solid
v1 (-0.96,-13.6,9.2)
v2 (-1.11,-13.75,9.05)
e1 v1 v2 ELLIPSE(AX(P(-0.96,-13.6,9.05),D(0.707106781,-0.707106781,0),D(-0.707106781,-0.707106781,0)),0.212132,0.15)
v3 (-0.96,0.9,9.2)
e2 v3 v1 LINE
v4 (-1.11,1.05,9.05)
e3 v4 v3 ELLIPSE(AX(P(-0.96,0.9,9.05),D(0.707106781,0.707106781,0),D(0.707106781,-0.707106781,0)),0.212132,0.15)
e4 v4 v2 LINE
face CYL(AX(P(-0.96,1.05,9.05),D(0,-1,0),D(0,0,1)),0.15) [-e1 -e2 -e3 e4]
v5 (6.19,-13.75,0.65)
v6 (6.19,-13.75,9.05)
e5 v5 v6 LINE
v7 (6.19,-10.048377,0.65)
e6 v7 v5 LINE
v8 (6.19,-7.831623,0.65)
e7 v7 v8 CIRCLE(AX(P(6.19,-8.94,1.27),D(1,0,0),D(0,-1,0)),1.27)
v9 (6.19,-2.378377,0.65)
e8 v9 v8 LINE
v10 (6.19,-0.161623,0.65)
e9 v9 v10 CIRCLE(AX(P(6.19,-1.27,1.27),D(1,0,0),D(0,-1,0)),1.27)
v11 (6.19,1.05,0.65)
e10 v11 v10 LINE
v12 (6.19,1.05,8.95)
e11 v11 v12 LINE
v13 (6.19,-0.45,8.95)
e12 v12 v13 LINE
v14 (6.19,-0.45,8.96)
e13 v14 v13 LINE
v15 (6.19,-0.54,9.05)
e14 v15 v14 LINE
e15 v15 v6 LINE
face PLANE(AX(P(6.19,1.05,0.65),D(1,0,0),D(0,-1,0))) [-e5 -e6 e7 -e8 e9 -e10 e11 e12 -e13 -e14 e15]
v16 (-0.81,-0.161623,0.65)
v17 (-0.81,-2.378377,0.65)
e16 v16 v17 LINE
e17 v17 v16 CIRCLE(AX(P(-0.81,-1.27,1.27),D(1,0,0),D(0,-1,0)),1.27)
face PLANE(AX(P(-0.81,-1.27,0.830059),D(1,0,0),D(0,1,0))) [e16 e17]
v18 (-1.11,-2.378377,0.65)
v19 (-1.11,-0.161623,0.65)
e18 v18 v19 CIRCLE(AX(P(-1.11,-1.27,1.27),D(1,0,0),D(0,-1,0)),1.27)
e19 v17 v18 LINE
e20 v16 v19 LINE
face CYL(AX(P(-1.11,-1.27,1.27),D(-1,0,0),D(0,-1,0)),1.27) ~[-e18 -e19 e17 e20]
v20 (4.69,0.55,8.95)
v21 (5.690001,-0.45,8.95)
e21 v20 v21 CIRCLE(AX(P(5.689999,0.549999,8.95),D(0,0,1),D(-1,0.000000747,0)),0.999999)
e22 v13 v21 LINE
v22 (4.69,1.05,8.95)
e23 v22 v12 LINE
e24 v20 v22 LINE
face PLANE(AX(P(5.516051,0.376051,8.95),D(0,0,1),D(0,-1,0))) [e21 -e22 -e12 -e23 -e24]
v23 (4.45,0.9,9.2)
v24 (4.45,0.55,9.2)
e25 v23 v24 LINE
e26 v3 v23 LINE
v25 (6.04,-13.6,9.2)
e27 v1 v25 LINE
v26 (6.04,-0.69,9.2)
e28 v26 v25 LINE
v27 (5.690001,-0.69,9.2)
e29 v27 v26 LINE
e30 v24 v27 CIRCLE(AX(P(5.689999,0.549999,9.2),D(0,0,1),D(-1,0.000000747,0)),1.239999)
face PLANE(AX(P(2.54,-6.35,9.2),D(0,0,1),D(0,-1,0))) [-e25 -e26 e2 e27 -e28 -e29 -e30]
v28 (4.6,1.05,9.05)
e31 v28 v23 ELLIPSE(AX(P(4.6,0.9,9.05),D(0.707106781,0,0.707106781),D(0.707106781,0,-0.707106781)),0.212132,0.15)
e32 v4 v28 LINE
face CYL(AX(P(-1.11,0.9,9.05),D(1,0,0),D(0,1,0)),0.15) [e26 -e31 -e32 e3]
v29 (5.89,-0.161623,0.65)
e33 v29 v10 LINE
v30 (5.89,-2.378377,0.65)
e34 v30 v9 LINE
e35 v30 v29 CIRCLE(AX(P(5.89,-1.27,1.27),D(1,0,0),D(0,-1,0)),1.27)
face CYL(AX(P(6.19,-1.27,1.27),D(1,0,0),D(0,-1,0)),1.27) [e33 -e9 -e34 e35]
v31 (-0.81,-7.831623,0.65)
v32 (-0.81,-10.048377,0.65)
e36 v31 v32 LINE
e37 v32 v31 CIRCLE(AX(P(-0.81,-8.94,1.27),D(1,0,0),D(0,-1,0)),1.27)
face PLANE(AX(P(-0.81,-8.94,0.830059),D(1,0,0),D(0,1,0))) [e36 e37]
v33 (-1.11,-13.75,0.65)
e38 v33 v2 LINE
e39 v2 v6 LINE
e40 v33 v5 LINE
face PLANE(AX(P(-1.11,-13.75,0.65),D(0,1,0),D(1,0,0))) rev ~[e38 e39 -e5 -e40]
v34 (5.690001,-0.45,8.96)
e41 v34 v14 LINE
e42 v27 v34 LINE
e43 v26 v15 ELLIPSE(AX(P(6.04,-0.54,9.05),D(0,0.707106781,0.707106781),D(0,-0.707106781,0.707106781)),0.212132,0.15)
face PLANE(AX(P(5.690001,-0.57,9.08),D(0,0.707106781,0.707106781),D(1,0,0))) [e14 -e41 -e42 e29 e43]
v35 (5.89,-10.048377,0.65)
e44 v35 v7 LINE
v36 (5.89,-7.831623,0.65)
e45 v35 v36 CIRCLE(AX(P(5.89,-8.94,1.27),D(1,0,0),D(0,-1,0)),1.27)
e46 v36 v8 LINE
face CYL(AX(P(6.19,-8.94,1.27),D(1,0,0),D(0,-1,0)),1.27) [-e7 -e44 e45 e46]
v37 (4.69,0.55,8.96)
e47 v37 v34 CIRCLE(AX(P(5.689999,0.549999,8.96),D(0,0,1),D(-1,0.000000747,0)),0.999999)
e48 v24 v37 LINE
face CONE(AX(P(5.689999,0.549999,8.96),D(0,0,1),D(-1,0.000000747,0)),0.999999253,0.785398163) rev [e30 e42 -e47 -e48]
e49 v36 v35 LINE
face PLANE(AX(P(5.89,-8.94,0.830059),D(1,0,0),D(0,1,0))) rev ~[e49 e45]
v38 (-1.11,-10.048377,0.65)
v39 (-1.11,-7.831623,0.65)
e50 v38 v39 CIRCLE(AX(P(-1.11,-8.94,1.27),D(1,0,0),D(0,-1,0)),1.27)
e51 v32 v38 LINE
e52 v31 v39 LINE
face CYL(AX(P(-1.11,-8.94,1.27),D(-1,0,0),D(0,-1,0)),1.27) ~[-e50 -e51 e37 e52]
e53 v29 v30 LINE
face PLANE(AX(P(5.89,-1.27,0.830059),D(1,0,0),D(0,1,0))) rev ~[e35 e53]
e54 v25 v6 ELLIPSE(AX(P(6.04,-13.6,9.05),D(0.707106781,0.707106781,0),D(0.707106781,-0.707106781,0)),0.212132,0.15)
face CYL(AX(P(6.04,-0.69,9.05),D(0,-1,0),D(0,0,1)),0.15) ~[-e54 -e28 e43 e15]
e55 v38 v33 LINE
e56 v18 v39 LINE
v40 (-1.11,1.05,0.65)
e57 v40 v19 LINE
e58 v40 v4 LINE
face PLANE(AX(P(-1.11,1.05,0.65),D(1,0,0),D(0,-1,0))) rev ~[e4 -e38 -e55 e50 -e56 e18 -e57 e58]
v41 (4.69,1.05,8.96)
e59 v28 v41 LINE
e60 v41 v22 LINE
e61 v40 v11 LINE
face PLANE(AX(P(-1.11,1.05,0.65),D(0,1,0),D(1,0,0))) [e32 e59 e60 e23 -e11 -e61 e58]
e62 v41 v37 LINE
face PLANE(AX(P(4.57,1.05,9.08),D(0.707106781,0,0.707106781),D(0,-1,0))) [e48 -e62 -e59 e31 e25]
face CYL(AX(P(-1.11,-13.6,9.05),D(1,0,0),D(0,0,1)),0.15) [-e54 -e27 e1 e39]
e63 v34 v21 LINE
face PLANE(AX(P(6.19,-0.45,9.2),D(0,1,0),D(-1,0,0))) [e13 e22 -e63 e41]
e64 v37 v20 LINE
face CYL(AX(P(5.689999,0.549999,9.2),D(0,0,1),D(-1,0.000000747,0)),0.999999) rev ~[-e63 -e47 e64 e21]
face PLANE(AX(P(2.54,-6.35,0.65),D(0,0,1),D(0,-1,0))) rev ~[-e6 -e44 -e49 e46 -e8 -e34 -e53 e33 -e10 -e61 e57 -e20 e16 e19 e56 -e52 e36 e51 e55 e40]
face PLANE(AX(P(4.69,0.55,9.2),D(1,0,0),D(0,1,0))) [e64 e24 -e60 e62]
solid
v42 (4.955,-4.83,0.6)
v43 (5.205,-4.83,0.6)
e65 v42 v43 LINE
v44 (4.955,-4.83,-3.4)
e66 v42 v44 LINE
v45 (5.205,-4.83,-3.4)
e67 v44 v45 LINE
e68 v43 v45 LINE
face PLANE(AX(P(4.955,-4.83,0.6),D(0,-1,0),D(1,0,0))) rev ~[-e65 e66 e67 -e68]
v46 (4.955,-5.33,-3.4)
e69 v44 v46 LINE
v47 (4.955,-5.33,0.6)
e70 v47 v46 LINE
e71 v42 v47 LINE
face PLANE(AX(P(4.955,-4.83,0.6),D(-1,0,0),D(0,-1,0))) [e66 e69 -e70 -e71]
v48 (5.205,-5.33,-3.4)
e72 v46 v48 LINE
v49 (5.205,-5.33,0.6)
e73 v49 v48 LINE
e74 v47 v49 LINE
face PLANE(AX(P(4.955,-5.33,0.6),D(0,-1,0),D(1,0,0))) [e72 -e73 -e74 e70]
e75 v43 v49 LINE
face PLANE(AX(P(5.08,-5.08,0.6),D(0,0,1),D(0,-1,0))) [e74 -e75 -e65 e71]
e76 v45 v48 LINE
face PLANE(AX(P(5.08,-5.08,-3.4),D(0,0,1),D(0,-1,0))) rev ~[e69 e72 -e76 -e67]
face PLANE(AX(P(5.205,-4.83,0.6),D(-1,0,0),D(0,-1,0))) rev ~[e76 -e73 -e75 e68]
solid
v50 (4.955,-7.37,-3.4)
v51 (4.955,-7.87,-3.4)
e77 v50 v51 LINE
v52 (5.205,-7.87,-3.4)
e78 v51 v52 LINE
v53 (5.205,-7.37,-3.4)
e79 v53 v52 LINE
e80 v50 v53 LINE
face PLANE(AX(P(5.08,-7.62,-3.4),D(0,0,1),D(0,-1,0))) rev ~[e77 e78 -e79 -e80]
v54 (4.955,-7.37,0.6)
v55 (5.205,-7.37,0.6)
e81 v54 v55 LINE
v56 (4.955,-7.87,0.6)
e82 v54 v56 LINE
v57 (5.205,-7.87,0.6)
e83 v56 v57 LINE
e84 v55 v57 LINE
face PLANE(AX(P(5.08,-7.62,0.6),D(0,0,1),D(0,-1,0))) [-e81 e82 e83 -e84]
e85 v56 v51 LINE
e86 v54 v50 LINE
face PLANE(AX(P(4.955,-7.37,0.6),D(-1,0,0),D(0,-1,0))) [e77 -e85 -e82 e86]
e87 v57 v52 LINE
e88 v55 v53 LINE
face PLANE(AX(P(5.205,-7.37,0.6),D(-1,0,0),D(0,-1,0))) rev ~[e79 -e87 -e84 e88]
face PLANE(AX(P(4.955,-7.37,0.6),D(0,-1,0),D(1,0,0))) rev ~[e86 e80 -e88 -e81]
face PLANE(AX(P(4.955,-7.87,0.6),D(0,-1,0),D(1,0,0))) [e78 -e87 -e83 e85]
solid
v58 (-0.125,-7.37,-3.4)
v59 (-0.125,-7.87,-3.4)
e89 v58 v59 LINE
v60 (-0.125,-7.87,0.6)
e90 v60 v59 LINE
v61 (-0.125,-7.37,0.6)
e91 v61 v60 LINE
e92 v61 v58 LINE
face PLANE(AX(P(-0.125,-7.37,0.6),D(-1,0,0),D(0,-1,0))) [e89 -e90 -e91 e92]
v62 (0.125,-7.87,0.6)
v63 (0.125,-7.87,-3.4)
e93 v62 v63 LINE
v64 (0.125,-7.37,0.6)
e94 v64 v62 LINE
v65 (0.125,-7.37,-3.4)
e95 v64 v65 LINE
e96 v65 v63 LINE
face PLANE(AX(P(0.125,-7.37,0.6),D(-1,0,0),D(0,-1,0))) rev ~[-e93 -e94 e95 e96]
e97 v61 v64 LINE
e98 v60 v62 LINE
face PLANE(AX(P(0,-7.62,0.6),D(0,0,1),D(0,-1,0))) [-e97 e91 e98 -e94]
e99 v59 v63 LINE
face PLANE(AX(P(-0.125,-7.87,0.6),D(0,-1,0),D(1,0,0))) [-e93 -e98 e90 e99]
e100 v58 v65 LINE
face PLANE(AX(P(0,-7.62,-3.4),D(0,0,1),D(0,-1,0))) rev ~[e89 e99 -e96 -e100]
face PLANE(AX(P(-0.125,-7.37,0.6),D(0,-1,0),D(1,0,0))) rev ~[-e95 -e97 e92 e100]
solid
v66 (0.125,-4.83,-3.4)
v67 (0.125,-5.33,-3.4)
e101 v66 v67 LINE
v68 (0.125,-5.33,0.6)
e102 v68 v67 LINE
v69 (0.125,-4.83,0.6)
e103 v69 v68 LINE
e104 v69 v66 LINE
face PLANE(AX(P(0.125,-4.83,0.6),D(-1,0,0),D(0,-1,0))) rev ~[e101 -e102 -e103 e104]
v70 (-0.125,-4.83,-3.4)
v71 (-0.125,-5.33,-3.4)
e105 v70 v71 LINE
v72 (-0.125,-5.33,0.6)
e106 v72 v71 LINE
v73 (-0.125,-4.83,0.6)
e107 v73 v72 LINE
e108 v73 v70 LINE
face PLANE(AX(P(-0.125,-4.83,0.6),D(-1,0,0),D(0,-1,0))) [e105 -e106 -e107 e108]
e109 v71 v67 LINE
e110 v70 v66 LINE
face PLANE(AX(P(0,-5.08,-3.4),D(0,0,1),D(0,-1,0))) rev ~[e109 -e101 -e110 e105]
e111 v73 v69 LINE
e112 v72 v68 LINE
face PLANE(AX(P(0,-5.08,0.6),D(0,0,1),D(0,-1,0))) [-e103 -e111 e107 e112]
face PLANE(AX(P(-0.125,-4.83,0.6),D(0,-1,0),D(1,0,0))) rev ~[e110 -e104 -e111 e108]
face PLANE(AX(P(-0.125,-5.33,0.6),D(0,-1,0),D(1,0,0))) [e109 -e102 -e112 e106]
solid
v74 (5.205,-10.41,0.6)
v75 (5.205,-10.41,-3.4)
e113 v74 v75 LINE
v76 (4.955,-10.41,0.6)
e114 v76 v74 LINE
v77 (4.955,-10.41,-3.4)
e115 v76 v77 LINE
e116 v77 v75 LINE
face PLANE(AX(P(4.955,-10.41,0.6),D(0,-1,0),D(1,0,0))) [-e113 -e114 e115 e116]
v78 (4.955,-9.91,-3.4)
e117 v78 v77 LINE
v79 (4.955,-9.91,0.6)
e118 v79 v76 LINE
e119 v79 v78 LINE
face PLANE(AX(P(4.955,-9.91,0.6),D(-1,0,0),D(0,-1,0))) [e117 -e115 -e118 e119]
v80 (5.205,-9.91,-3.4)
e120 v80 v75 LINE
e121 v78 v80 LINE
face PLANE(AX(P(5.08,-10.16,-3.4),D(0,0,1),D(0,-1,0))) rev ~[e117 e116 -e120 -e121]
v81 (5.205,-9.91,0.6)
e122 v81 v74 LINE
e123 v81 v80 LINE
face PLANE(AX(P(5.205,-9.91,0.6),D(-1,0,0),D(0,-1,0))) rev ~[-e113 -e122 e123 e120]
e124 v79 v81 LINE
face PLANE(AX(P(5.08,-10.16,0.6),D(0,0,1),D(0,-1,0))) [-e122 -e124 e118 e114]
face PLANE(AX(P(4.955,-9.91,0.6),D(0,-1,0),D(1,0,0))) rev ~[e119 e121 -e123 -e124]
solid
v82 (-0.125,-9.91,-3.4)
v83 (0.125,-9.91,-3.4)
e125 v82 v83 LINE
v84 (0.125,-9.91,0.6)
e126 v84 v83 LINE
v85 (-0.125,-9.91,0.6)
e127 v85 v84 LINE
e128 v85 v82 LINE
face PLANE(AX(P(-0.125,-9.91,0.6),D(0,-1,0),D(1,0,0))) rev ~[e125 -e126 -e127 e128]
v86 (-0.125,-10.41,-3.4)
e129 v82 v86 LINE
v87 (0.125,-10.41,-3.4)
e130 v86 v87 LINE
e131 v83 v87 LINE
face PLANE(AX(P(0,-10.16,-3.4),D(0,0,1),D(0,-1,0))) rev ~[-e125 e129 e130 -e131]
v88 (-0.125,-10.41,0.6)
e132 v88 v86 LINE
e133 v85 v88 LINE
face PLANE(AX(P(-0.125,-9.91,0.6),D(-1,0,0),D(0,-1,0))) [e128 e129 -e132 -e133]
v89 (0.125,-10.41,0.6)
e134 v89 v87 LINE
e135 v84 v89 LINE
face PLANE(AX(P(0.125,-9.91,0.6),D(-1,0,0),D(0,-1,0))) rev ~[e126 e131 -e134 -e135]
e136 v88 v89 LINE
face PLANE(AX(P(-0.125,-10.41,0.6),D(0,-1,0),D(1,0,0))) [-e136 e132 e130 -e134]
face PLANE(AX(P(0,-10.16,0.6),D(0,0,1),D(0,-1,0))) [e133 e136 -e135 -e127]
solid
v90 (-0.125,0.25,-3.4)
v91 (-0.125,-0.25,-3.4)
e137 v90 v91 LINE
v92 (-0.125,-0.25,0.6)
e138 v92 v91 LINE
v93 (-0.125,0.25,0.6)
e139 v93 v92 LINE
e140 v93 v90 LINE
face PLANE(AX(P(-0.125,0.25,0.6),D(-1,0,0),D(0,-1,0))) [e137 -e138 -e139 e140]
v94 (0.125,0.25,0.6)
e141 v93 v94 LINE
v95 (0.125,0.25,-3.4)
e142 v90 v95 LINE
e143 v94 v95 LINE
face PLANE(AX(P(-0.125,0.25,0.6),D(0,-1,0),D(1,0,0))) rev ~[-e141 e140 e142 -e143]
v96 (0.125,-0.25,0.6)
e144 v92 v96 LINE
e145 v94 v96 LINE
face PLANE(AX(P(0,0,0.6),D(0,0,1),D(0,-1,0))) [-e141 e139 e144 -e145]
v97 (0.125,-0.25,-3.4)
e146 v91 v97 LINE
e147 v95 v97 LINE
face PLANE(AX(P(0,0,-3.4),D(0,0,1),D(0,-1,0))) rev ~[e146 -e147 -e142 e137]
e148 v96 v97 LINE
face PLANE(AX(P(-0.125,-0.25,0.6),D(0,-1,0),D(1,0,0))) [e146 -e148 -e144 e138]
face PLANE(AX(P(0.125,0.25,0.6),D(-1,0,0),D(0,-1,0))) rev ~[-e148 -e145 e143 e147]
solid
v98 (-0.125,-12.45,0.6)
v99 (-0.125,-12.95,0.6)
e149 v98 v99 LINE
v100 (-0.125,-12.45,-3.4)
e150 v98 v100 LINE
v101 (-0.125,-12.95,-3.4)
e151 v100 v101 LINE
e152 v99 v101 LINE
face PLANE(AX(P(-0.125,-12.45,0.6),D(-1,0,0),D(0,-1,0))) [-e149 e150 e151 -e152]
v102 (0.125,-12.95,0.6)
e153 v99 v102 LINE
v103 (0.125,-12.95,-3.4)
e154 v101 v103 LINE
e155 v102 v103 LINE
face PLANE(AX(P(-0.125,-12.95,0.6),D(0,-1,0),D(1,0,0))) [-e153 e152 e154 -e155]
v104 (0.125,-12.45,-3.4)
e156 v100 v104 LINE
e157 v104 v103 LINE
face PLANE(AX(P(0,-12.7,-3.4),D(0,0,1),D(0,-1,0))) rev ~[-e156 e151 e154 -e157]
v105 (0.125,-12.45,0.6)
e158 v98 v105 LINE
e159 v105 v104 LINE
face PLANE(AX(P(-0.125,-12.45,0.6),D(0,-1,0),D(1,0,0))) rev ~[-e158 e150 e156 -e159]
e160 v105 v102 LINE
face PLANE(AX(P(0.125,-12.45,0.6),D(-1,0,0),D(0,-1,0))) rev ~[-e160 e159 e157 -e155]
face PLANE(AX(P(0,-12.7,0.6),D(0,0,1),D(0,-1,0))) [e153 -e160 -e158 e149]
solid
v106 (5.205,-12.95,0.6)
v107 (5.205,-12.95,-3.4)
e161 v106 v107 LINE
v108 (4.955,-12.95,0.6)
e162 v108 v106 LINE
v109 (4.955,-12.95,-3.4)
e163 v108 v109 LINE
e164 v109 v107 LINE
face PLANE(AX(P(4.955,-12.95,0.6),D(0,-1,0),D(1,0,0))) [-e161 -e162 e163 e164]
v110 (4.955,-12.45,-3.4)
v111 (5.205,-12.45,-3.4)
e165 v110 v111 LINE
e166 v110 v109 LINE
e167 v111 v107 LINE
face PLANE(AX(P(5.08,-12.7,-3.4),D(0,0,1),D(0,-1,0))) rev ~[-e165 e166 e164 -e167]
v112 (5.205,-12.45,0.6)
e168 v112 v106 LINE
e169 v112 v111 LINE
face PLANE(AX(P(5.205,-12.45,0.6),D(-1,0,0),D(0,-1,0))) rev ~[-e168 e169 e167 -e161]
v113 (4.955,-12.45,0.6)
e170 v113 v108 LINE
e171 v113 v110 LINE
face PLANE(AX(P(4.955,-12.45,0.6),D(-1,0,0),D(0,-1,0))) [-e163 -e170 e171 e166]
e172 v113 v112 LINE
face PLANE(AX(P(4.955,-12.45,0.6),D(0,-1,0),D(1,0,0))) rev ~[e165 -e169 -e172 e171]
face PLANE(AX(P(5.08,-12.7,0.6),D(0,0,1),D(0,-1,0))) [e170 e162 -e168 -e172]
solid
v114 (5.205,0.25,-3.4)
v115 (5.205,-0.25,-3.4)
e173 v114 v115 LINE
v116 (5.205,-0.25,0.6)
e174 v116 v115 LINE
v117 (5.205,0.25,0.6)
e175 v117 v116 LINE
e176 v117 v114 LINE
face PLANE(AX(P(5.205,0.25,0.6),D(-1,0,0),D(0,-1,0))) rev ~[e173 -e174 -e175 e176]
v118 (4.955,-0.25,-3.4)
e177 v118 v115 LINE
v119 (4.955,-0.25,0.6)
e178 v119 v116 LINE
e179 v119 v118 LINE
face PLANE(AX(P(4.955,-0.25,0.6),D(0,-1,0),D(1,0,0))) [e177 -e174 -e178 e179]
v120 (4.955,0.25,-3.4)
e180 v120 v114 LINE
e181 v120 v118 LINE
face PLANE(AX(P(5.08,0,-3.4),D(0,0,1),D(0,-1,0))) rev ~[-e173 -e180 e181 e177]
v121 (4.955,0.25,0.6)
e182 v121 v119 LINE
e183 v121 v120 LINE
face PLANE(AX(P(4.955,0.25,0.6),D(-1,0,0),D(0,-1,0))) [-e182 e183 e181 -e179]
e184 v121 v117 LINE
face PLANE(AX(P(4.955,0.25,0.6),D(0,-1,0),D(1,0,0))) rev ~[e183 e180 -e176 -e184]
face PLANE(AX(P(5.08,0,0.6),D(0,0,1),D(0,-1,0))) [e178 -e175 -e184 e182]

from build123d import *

# Parameters (mm, degrees)
PAD002_DEPTH = 0.3
SKETCH_W     = 14.8
SKETCH_H     = 7.3
PAD_DEPTH    = 8.55
POCKET_DEPTH = 0.25
CHAMFER_SIZE = 0.24
FILLET_R     = 0.15
SKETCH001_W  = 0.5
SKETCH001_H  = 0.25
PAD001_DEPTH = 4
PAD003_DEPTH = 0.3


with BuildPart() as pad002:
    # Sketch003 → Pad002 (new body)
    with BuildSketch(Plane.YZ.offset(6.19)):
        with BuildLine():
            ThreePointArc((-10.21, 1.27), (-8.94, 0), (-7.67, 1.27))
            Line((-10.21, 1.27), (-7.67, 1.27))
        make_face()
        with BuildLine():
            ThreePointArc((-2.54, 1.27), (-1.27, 0), (0, 1.27))
            Line((-2.54, 1.27), (0, 1.27))
        make_face()
    extrude(amount=-PAD002_DEPTH)


with BuildPart() as fillet_body:
    # Sketch → Pad (new body)
    with BuildSketch(Plane(origin=(0, 0, 0.65), x_dir=(0, -1, 0), z_dir=(0, 0, 1))):
        with Locations((6.35, 2.54)):
            Rectangle(SKETCH_W, SKETCH_H)
    extrude(amount=PAD_DEPTH)

    # Sketch002 → Pocket (cut)
    with BuildSketch(Plane(origin=(0, 0, 9.2), x_dir=(0, -1, 0), z_dir=(0, 0, 1))):
        with BuildLine():
            ThreePointArc((-0.55, 4.69), (0.157107, 4.982893), (0.45, 5.690001))
            Line((0.45, 6.19), (0.45, 5.690001))
            Line((-1.05, 6.19), (0.45, 6.19))
            Line((-1.05, 4.69), (-1.05, 6.19))
            Line((-0.55, 4.69), (-1.05, 4.69))
        make_face()
    extrude(amount=-POCKET_DEPTH, mode=Mode.SUBTRACT)

    # Chamfer
    chamfer_edges = [fillet_body.edges().sort_by_distance(p)[0] for p in [
        (4.982893, -0.157107, 9.2),
        (5.94, -0.45, 9.2),
        (4.69, 0.8, 9.2),
    ]]
    chamfer(chamfer_edges, length=CHAMFER_SIZE)

    # Fillet
    fillet_edges = [fillet_body.edges().sort_by_distance(p)[0] for p in [
        (6.19, -7.22, 9.2),
        (1.67, 1.05, 9.2),
        (-1.11, -6.35, 9.2),
        (2.54, -13.75, 9.2),
    ]]
    fillet(fillet_edges, radius=FILLET_R)


with BuildPart() as pad001:
    # Sketch001 → Pad001 (new body)
    with BuildSketch(Plane(origin=(0, 0, 0.6), x_dir=(0, -1, 0), z_dir=(0, 0, 1))):
        Rectangle(SKETCH001_W, SKETCH001_H)
        with Locations((5.08, 0)):
            Rectangle(SKETCH001_W, SKETCH001_H)
        with Locations((0, 5.08)):
            Rectangle(SKETCH001_W, SKETCH001_H)
        with Locations((5.08, 5.08)):
            Rectangle(SKETCH001_W, SKETCH001_H)
        with Locations((7.62, 0)):
            Rectangle(SKETCH001_W, SKETCH001_H)
        with Locations((7.62, 5.08)):
            Rectangle(SKETCH001_W, SKETCH001_H)
        with Locations((10.16, 5.08)):
            Rectangle(SKETCH001_W, SKETCH001_H)
        with Locations((10.16, 0)):
            Rectangle(SKETCH001_W, SKETCH001_H)
        with Locations((12.7, 5.08)):
            Rectangle(SKETCH001_W, SKETCH001_H)
        with Locations((12.7, 0)):
            Rectangle(SKETCH001_W, SKETCH001_H)
    extrude(amount=-PAD001_DEPTH)


with BuildPart() as pad003_mp_cp:
    # Sketch004 → Pad003 (new body)
    with BuildSketch(Plane.YZ.offset(-1.11)):
        with BuildLine():
            ThreePointArc((-10.21, 1.27), (-8.94, 0), (-7.67, 1.27))
            Line((-10.21, 1.27), (-7.67, 1.27))
        make_face()
        with BuildLine():
            ThreePointArc((-2.54, 1.27), (-1.27, 0), (0, 1.27))
            Line((-2.54, 1.27), (0, 1.27))
        make_face()
    extrude(amount=PAD003_DEPTH)

    # Pad003_mp_cp: union Pad002, Fillet body, Pad001
    add(pad002.part)
    add(fillet_body.part)
    add(pad001.part)


solid = pad003_mp_cp.part
